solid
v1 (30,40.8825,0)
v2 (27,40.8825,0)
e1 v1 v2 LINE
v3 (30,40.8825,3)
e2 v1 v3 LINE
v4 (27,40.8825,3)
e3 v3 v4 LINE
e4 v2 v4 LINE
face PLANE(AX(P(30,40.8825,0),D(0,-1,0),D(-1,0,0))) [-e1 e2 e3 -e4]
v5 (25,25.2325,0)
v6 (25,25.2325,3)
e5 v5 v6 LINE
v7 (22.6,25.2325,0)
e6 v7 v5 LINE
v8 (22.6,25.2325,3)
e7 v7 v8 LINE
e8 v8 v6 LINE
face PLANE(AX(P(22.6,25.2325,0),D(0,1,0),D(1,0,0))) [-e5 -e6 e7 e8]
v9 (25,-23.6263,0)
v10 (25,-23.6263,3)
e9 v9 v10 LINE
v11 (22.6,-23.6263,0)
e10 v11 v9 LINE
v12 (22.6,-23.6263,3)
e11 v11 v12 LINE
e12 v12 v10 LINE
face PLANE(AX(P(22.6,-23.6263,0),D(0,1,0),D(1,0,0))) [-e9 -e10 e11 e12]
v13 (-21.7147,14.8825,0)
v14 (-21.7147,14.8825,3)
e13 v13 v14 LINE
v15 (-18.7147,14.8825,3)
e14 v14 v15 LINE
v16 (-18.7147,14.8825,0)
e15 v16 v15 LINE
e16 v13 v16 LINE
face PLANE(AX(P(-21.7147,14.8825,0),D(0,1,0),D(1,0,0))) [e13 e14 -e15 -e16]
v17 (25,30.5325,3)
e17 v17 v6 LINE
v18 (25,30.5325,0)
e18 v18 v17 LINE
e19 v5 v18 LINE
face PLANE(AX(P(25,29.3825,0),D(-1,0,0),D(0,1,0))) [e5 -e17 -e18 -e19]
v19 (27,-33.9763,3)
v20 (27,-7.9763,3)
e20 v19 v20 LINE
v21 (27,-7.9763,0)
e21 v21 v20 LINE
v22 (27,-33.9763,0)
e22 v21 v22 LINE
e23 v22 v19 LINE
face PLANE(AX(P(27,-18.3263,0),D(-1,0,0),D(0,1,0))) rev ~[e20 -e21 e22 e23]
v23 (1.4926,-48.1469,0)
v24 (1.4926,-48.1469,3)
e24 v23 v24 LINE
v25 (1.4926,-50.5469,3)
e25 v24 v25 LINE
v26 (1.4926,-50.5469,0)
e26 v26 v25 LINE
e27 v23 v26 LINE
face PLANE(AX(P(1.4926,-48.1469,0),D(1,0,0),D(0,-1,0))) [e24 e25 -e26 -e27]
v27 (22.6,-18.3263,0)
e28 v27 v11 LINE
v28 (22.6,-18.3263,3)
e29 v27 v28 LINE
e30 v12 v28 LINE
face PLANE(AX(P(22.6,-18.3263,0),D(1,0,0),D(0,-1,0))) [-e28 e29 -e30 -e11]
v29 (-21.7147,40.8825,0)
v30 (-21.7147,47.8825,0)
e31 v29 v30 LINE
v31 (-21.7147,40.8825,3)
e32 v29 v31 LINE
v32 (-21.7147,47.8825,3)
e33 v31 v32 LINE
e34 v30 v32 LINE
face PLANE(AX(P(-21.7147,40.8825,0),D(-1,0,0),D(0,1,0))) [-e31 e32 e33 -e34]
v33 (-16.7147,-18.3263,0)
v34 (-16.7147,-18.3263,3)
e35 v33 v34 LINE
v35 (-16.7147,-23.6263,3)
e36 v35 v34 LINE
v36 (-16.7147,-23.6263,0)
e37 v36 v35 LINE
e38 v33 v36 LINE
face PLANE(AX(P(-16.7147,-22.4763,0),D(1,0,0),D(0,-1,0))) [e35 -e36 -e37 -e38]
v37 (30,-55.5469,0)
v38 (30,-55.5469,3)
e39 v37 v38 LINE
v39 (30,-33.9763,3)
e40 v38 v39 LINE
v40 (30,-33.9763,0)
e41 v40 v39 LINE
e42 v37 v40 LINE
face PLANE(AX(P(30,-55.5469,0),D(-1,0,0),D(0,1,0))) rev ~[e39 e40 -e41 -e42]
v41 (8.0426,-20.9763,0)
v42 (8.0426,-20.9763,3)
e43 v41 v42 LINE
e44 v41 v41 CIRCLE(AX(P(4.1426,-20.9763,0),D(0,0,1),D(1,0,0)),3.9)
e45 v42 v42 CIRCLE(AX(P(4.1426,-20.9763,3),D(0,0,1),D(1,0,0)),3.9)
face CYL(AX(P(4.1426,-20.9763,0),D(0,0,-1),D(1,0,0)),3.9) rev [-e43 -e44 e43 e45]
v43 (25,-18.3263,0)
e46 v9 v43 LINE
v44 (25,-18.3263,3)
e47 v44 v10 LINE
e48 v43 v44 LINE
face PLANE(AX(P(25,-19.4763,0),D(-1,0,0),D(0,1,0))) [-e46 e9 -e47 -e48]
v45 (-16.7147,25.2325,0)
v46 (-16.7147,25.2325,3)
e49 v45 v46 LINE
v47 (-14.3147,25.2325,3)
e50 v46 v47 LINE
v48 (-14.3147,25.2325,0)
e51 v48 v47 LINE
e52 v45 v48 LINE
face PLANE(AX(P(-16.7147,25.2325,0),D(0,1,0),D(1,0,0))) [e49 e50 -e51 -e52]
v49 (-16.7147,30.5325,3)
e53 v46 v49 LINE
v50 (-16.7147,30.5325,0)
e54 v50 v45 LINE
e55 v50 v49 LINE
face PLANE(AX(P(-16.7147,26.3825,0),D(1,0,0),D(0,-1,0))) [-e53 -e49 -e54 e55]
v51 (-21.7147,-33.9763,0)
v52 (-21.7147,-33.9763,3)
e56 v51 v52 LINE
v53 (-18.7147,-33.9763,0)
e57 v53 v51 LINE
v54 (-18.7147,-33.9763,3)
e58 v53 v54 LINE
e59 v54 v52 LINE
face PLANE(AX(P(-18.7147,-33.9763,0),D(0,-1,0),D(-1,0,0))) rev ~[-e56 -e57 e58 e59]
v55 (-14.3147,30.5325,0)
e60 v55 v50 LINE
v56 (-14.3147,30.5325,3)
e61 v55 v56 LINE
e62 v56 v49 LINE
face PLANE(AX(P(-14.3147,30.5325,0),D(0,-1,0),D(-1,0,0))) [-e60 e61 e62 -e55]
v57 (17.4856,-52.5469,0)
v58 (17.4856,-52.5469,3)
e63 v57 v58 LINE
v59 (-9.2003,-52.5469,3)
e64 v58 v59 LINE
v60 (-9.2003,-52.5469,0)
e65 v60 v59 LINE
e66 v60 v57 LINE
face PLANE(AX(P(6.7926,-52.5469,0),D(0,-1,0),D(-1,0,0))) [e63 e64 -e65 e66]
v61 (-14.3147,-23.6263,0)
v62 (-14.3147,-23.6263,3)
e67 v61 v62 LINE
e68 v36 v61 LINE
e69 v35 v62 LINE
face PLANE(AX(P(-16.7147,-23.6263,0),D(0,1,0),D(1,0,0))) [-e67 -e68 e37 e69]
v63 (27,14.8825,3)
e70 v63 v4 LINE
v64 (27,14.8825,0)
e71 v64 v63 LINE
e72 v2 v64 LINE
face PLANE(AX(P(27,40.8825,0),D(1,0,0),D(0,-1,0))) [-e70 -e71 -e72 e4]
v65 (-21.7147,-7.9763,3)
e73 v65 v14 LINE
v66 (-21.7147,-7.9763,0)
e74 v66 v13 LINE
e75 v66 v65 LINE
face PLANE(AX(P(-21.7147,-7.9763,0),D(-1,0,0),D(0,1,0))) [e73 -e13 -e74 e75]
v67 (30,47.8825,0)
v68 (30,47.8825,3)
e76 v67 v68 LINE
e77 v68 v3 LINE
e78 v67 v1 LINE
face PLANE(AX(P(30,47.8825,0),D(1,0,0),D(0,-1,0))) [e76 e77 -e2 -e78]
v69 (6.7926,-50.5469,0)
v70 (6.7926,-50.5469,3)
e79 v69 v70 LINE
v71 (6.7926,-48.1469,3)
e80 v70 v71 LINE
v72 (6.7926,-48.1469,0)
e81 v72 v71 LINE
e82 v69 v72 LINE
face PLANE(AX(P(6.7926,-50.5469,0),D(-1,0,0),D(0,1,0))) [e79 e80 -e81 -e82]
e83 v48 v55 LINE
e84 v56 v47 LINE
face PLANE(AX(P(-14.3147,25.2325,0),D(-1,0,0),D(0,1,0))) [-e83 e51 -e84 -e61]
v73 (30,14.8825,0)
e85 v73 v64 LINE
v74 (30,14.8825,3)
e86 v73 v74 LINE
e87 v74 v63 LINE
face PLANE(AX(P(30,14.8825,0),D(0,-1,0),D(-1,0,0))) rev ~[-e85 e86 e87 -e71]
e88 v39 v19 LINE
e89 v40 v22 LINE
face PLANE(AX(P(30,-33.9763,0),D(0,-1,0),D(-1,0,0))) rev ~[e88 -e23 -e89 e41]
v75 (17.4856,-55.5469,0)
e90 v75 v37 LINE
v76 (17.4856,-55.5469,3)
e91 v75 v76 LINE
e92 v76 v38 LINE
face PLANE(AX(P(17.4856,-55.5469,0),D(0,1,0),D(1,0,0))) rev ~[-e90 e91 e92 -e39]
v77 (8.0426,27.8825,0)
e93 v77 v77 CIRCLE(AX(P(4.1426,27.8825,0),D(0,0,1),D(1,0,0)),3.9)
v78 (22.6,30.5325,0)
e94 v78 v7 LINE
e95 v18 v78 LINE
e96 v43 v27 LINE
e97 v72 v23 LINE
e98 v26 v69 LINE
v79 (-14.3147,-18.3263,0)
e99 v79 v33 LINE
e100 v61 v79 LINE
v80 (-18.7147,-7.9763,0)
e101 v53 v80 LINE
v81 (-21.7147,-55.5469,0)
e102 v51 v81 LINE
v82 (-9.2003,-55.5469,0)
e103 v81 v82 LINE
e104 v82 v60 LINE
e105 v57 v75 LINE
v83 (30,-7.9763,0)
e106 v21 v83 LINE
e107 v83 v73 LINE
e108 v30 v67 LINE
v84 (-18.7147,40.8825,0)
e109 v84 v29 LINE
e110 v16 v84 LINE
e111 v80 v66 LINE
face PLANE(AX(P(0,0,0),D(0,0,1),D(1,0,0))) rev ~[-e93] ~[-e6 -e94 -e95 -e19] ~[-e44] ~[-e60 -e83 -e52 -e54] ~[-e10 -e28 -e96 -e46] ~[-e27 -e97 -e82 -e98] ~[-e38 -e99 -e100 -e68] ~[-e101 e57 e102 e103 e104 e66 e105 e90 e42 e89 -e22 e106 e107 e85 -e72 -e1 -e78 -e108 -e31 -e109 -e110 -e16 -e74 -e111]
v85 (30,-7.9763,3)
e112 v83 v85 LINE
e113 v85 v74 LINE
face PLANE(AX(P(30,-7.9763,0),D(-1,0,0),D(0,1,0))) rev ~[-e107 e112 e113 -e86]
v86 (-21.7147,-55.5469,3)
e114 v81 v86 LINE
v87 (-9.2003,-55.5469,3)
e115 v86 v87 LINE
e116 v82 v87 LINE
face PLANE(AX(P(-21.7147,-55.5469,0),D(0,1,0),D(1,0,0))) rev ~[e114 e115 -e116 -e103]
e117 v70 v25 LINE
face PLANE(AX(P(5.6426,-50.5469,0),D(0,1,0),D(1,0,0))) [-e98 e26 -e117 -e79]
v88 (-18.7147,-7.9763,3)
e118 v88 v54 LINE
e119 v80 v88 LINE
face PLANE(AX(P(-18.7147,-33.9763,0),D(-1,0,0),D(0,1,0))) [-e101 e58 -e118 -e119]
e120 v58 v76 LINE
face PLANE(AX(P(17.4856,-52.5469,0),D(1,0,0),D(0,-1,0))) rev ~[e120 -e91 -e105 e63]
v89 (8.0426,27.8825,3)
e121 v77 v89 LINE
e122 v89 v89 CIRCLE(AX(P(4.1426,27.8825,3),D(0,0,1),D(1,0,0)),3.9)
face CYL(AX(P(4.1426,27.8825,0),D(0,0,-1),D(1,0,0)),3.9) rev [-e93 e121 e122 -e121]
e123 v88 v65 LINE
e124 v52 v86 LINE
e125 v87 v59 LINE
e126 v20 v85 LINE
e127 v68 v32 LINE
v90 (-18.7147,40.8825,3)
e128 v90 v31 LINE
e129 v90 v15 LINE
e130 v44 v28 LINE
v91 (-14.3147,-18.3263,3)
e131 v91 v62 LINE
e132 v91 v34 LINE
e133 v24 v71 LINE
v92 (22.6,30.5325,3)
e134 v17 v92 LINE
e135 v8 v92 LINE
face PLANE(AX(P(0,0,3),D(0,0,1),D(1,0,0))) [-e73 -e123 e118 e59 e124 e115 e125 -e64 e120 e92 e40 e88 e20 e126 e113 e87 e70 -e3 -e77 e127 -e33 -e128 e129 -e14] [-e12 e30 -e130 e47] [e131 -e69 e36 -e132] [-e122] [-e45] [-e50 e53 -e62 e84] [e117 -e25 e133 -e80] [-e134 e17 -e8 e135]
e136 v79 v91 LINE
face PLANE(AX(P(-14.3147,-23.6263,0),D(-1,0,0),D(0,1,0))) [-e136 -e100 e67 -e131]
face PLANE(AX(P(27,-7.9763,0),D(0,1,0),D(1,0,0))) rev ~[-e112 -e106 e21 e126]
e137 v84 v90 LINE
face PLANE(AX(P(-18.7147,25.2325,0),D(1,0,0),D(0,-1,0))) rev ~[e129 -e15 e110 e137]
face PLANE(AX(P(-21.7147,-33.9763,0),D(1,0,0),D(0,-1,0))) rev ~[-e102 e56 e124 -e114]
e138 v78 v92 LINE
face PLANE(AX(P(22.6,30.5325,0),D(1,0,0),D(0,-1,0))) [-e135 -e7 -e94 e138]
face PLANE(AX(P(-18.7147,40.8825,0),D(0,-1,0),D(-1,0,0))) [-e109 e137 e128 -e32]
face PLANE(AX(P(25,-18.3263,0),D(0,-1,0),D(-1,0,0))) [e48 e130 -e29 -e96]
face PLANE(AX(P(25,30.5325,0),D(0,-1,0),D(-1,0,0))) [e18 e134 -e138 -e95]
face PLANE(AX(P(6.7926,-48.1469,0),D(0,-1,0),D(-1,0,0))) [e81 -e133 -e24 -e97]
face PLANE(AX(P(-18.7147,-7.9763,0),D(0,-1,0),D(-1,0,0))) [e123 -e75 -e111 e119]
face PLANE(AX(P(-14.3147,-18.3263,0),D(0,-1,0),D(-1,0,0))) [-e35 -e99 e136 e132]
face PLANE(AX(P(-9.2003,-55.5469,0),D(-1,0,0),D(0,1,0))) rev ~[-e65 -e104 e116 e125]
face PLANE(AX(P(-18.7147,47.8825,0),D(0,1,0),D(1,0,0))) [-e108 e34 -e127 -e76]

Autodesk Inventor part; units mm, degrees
ref_plane "YZ Plane" through (0, 0, 0) normal (1, 0, 0) x (0, 1, 0)
ref_plane "XZ Plane" through (0, 0, 0) normal (0, 1, 0) x (-1, 0, 0)
ref_plane "XY Plane" through (0, 0, 0) normal (0, 0, 1) x (1, 0, 0)
sketch "Sketch1" plane through (0, 0, 0) normal (0, 0, 1) x (1, 0, 0)
  circle A0 centre (4.1426, 27.8825) radius 3.9 projected
  circle A1 centre (4.1426, -20.9763) radius 3.9 projected
  line L0 (14.4856, -52.5469) -> (14.4856, -55.5469) construction
  line L1 (14.4856, -55.5469) -> (6.7926, -55.5469) construction
  line L2 (6.7926, -55.5469) -> (6.7926, -52.5469) construction
  line L3 (6.7926, -52.5469) -> (5.6426, -52.5469) projected
  line L4 (5.6426, -52.5469) -> (5.6426, -50.5469) construction
  line L5 (5.6426, -50.5469) -> (6.7926, -50.5469) projected
  line L6 (6.7926, -50.5469) -> (6.7926, -48.1469) projected
  line L7 (6.7926, -48.1469) -> (5.6426, -48.1469) projected
  line L8 (5.6426, -48.1469) -> (5.6426, -47.5469) construction
  line L9 (5.6426, -47.5469) -> (2.6426, -47.5469) construction
  line L10 (2.6426, -47.5469) -> (2.6426, -48.1469) construction
  line L11 (2.6426, -48.1469) -> (1.4926, -48.1469) projected
  line L12 (1.4926, -48.1469) -> (1.4926, -50.5469) projected
  line L13 (1.4926, -50.5469) -> (2.6426, -50.5469) projected
  line L14 (2.6426, -50.5469) -> (2.6426, -52.5469) construction
  line L15 (2.6426, -52.5469) -> (1.4926, -52.5469) projected
  line L16 (1.4926, -52.5469) -> (1.4926, -55.5469) construction
  line L17 (1.4926, -55.5469) -> (-6.2003, -55.5469) construction
  line L18 (-6.2003, -55.5469) -> (-6.2003, -52.5469) construction
  line L19 (-6.2003, -52.5469) -> (-18.7147, -52.5469) construction
  line L20 (-18.7147, -52.5469) -> (-18.7147, -30.9763) construction
  line L21 (-18.7147, -30.9763) -> (-21.7147, -30.9763) construction
  line L22 (-21.7147, -30.9763) -> (-21.7147, -23.6263) construction
  line L23 (-21.7147, -23.6263) -> (-18.7147, -23.6263) construction
  line L24 (-18.7147, -23.6263) -> (-18.7147, -22.4763) projected
  line L25 (-18.7147, -22.4763) -> (-16.7147, -22.4763) construction
  line L26 (-16.7147, -22.4763) -> (-16.7147, -23.6263) projected
  line L27 (-16.7147, -23.6263) -> (-14.3147, -23.6263) projected
  line L28 (-14.3147, -23.6263) -> (-14.3147, -22.4763) projected
  line L29 (-14.3147, -22.4763) -> (-13.7147, -22.4763) construction
  line L30 (-13.7147, -22.4763) -> (-13.7147, -19.4763) construction
  line L31 (-13.7147, -19.4763) -> (-14.3147, -19.4763) construction
  line L32 (-14.3147, -19.4763) -> (-14.3147, -18.3263) projected
  line L33 (-14.3147, -18.3263) -> (-16.7147, -18.3263) projected
  line L34 (-16.7147, -18.3263) -> (-16.7147, -19.4763) projected
  line L35 (-16.7147, -19.4763) -> (-18.7147, -19.4763) construction
  line L36 (-18.7147, -19.4763) -> (-18.7147, -18.3263) projected
  line L37 (-18.7147, -18.3263) -> (-21.7147, -18.3263) construction
  line L38 (-21.7147, -18.3263) -> (-21.7147, -10.9763) construction
  line L39 (-21.7147, -10.9763) -> (-18.7147, -10.9763) construction
  line L40 (-18.7147, -10.9763) -> (-18.7147, 17.8825) construction
  line L41 (-18.7147, 17.8825) -> (-21.7147, 17.8825) construction
  line L42 (-21.7147, 17.8825) -> (-21.7147, 25.2325) construction
  line L43 (-21.7147, 25.2325) -> (-18.7147, 25.2325) construction
  line L44 (-18.7147, 25.2325) -> (-18.7147, 26.3825) projected
  line L45 (-18.7147, 26.3825) -> (-16.7147, 26.3825) construction
  line L46 (-16.7147, 26.3825) -> (-16.7147, 25.2325) projected
  line L47 (-16.7147, 25.2325) -> (-14.3147, 25.2325) projected
  line L48 (-14.3147, 25.2325) -> (-14.3147, 26.3825) projected
  line L49 (-14.3147, 26.3825) -> (-13.7147, 26.3825) construction
  line L50 (-13.7147, 26.3825) -> (-13.7147, 29.3825) construction
  line L51 (-13.7147, 29.3825) -> (-14.3147, 29.3825) construction
  line L52 (-14.3147, 29.3825) -> (-14.3147, 30.5325) projected
  line L53 (-14.3147, 30.5325) -> (-16.7147, 30.5325) projected
  line L54 (-16.7147, 30.5325) -> (-16.7147, 29.3825) projected
  line L55 (-16.7147, 29.3825) -> (-18.7147, 29.3825) construction
  line L56 (-18.7147, 29.3825) -> (-18.7147, 30.5325) projected
  line L57 (-18.7147, 30.5325) -> (-21.7147, 30.5325) construction
  line L58 (-21.7147, 30.5325) -> (-21.7147, 37.8825) construction
  line L59 (-21.7147, 37.8825) -> (-18.7147, 37.8825) construction
  line L60 (-18.7147, 37.8825) -> (-18.7147, 47.8825) projected
  line L61 (-18.7147, 47.8825) -> (27, 47.8825) projected
  line L62 (27, 47.8825) -> (27, 37.8825) projected
  line L63 (27, 37.8825) -> (30, 37.8825) construction
  line L64 (30, 37.8825) -> (30, 30.5325) construction
  line L65 (30, 30.5325) -> (27, 30.5325) construction
  line L66 (27, 30.5325) -> (27, 29.3825) projected
  line L67 (27, 29.3825) -> (25, 29.3825) construction
  line L68 (25, 29.3825) -> (25, 30.5325) projected
  line L69 (25, 30.5325) -> (22.6, 30.5325) projected
  line L70 (22.6, 30.5325) -> (22.6, 29.3825) projected
  line L71 (22.6, 29.3825) -> (22, 29.3825) construction
  line L72 (22, 29.3825) -> (22, 26.3825) construction
  line L73 (22, 26.3825) -> (22.6, 26.3825) construction
  line L74 (22.6, 26.3825) -> (22.6, 25.2325) projected
  line L75 (22.6, 25.2325) -> (25, 25.2325) projected
  line L76 (25, 25.2325) -> (25, 26.3825) projected
  line L77 (25, 26.3825) -> (27, 26.3825) construction
  line L78 (27, 26.3825) -> (27, 25.2325) projected
  line L79 (27, 25.2325) -> (30, 25.2325) construction
  line L80 (30, 25.2325) -> (30, 17.8825) construction
  line L81 (30, 17.8825) -> (27, 17.8825) construction
  line L82 (27, 17.8825) -> (27, -10.9763) construction
  line L83 (27, -10.9763) -> (30, -10.9763) construction
  line L84 (30, -10.9763) -> (30, -18.3263) construction
  line L85 (30, -18.3263) -> (27, -18.3263) construction
  line L86 (27, -18.3263) -> (27, -19.4763) projected
  line L87 (27, -19.4763) -> (25, -19.4763) construction
  line L88 (25, -19.4763) -> (25, -18.3263) projected
  line L89 (25, -18.3263) -> (22.6, -18.3263) projected
  line L90 (22.6, -18.3263) -> (22.6, -19.4763) projected
  line L91 (22.6, -19.4763) -> (22, -19.4763) construction
  line L92 (22, -19.4763) -> (22, -22.4763) construction
  line L93 (22, -22.4763) -> (22.6, -22.4763) construction
  line L94 (22.6, -22.4763) -> (22.6, -23.6263) projected
  line L95 (22.6, -23.6263) -> (25, -23.6263) projected
  line L96 (25, -23.6263) -> (25, -22.4763) projected
  line L97 (25, -22.4763) -> (27, -22.4763) construction
  line L98 (27, -22.4763) -> (27, -23.6263) projected
  line L99 (27, -23.6263) -> (30, -23.6263) construction
  line L100 (30, -23.6263) -> (30, -30.9763) construction
  line L101 (30, -30.9763) -> (27, -30.9763) construction
  line L102 (27, -30.9763) -> (27, -52.5469) construction
  line L103 (27, -52.5469) -> (14.4856, -52.5469) construction
  line L104 (25, 30.5325) -> (22.6, 30.5325)
  line L105 (22.6, 30.5325) -> (22.6, 25.2325)
  line L106 (22.6, 25.2325) -> (25, 25.2325)
  line L107 (25, 25.2325) -> (25, 30.5325)
  line L108 (-14.3147, 30.5325) -> (-16.7147, 30.5325)
  line L109 (-16.7147, 30.5325) -> (-16.7147, 25.2325)
  line L110 (-16.7147, 25.2325) -> (-14.3147, 25.2325)
  line L111 (-14.3147, 25.2325) -> (-14.3147, 30.5325)
  line L112 (-14.3147, -18.3263) -> (-16.7147, -18.3263)
  line L113 (-16.7147, -18.3263) -> (-16.7147, -23.6263)
  line L114 (-16.7147, -23.6263) -> (-14.3147, -23.6263)
  line L115 (-14.3147, -23.6263) -> (-14.3147, -18.3263)
  line L116 (22.6, -18.3263) -> (25, -18.3263)
  line L117 (25, -18.3263) -> (25, -23.6263)
  line L118 (25, -23.6263) -> (22.6, -23.6263)
  line L119 (22.6, -23.6263) -> (22.6, -18.3263)
  line L120 (-21.7147, 14.8825) -> (-18.7147, 14.8825)
  line L121 (-18.7147, -7.9763) -> (-21.7147, -7.9763)
  line L122 (-21.7147, -7.9763) -> (-21.7147, 14.8825)
  line L123 (-18.7147, -33.9763) -> (-21.7147, -33.9763)
  line L124 (-21.7147, -33.9763) -> (-21.7147, -55.5469)
  line L125 (-21.7147, -55.5469) -> (-9.2003, -55.5469)
  line L126 (-9.2003, -55.5469) -> (-9.2003, -52.5469)
  line L127 (17.4856, -52.5469) -> (17.4856, -55.5469)
  line L128 (17.4856, -55.5469) -> (30, -55.5469)
  line L129 (30, -55.5469) -> (30, -33.9763)
  line L130 (30, -33.9763) -> (27, -33.9763)
  line L131 (27, -7.9763) -> (30, -7.9763)
  line L132 (30, -7.9763) -> (30, 14.8825)
  line L133 (30, 14.8825) -> (27, 14.8825)
  line L134 (27, -33.9763) -> (27, -7.9763)
  line L135 (-18.7147, -33.9763) -> (-18.7147, -7.9763)
  line L136 (-9.2003, -52.5469) -> (17.4856, -52.5469)
  line L137 (27, 14.8825) -> (27, 47.8825)
  line L138 (-18.7147, 47.8825) -> (-18.7147, 14.8825)
  line L139 (-18.7147, 47.8825) -> (27, 47.8825)
  line L140 (6.7926, -48.1469) -> (1.4926, -48.1469)
  line L141 (1.4926, -48.1469) -> (1.4926, -50.5469)
  line L142 (1.4926, -50.5469) -> (6.7926, -50.5469)
  line L143 (6.7926, -50.5469) -> (6.7926, -48.1469)
  line L144 (27, 47.8825) -> (30, 47.8825)
  line L145 (30, 47.8825) -> (30, 40.8825)
  line L146 (30, 40.8825) -> (27, 40.8825)
  line L147 (-18.7147, 40.8825) -> (-21.7147, 40.8825)
  line L148 (-21.7147, 40.8825) -> (-21.7147, 47.8825)
  line L149 (-21.7147, 47.8825) -> (-18.7147, 47.8825)
  dimension "d32" = 3
  dimension "d33" = 3
  dimension "d34" = 3
  dimension "d35" = 3
  dimension "d36" = 3
  dimension "d37" = 3
  dimension "d38" = 3
extrude "Extrusion1" add sketch "Sketch1" along normal blind 3
properties part number "Y-Shafts-Holder_Front-Inner"
